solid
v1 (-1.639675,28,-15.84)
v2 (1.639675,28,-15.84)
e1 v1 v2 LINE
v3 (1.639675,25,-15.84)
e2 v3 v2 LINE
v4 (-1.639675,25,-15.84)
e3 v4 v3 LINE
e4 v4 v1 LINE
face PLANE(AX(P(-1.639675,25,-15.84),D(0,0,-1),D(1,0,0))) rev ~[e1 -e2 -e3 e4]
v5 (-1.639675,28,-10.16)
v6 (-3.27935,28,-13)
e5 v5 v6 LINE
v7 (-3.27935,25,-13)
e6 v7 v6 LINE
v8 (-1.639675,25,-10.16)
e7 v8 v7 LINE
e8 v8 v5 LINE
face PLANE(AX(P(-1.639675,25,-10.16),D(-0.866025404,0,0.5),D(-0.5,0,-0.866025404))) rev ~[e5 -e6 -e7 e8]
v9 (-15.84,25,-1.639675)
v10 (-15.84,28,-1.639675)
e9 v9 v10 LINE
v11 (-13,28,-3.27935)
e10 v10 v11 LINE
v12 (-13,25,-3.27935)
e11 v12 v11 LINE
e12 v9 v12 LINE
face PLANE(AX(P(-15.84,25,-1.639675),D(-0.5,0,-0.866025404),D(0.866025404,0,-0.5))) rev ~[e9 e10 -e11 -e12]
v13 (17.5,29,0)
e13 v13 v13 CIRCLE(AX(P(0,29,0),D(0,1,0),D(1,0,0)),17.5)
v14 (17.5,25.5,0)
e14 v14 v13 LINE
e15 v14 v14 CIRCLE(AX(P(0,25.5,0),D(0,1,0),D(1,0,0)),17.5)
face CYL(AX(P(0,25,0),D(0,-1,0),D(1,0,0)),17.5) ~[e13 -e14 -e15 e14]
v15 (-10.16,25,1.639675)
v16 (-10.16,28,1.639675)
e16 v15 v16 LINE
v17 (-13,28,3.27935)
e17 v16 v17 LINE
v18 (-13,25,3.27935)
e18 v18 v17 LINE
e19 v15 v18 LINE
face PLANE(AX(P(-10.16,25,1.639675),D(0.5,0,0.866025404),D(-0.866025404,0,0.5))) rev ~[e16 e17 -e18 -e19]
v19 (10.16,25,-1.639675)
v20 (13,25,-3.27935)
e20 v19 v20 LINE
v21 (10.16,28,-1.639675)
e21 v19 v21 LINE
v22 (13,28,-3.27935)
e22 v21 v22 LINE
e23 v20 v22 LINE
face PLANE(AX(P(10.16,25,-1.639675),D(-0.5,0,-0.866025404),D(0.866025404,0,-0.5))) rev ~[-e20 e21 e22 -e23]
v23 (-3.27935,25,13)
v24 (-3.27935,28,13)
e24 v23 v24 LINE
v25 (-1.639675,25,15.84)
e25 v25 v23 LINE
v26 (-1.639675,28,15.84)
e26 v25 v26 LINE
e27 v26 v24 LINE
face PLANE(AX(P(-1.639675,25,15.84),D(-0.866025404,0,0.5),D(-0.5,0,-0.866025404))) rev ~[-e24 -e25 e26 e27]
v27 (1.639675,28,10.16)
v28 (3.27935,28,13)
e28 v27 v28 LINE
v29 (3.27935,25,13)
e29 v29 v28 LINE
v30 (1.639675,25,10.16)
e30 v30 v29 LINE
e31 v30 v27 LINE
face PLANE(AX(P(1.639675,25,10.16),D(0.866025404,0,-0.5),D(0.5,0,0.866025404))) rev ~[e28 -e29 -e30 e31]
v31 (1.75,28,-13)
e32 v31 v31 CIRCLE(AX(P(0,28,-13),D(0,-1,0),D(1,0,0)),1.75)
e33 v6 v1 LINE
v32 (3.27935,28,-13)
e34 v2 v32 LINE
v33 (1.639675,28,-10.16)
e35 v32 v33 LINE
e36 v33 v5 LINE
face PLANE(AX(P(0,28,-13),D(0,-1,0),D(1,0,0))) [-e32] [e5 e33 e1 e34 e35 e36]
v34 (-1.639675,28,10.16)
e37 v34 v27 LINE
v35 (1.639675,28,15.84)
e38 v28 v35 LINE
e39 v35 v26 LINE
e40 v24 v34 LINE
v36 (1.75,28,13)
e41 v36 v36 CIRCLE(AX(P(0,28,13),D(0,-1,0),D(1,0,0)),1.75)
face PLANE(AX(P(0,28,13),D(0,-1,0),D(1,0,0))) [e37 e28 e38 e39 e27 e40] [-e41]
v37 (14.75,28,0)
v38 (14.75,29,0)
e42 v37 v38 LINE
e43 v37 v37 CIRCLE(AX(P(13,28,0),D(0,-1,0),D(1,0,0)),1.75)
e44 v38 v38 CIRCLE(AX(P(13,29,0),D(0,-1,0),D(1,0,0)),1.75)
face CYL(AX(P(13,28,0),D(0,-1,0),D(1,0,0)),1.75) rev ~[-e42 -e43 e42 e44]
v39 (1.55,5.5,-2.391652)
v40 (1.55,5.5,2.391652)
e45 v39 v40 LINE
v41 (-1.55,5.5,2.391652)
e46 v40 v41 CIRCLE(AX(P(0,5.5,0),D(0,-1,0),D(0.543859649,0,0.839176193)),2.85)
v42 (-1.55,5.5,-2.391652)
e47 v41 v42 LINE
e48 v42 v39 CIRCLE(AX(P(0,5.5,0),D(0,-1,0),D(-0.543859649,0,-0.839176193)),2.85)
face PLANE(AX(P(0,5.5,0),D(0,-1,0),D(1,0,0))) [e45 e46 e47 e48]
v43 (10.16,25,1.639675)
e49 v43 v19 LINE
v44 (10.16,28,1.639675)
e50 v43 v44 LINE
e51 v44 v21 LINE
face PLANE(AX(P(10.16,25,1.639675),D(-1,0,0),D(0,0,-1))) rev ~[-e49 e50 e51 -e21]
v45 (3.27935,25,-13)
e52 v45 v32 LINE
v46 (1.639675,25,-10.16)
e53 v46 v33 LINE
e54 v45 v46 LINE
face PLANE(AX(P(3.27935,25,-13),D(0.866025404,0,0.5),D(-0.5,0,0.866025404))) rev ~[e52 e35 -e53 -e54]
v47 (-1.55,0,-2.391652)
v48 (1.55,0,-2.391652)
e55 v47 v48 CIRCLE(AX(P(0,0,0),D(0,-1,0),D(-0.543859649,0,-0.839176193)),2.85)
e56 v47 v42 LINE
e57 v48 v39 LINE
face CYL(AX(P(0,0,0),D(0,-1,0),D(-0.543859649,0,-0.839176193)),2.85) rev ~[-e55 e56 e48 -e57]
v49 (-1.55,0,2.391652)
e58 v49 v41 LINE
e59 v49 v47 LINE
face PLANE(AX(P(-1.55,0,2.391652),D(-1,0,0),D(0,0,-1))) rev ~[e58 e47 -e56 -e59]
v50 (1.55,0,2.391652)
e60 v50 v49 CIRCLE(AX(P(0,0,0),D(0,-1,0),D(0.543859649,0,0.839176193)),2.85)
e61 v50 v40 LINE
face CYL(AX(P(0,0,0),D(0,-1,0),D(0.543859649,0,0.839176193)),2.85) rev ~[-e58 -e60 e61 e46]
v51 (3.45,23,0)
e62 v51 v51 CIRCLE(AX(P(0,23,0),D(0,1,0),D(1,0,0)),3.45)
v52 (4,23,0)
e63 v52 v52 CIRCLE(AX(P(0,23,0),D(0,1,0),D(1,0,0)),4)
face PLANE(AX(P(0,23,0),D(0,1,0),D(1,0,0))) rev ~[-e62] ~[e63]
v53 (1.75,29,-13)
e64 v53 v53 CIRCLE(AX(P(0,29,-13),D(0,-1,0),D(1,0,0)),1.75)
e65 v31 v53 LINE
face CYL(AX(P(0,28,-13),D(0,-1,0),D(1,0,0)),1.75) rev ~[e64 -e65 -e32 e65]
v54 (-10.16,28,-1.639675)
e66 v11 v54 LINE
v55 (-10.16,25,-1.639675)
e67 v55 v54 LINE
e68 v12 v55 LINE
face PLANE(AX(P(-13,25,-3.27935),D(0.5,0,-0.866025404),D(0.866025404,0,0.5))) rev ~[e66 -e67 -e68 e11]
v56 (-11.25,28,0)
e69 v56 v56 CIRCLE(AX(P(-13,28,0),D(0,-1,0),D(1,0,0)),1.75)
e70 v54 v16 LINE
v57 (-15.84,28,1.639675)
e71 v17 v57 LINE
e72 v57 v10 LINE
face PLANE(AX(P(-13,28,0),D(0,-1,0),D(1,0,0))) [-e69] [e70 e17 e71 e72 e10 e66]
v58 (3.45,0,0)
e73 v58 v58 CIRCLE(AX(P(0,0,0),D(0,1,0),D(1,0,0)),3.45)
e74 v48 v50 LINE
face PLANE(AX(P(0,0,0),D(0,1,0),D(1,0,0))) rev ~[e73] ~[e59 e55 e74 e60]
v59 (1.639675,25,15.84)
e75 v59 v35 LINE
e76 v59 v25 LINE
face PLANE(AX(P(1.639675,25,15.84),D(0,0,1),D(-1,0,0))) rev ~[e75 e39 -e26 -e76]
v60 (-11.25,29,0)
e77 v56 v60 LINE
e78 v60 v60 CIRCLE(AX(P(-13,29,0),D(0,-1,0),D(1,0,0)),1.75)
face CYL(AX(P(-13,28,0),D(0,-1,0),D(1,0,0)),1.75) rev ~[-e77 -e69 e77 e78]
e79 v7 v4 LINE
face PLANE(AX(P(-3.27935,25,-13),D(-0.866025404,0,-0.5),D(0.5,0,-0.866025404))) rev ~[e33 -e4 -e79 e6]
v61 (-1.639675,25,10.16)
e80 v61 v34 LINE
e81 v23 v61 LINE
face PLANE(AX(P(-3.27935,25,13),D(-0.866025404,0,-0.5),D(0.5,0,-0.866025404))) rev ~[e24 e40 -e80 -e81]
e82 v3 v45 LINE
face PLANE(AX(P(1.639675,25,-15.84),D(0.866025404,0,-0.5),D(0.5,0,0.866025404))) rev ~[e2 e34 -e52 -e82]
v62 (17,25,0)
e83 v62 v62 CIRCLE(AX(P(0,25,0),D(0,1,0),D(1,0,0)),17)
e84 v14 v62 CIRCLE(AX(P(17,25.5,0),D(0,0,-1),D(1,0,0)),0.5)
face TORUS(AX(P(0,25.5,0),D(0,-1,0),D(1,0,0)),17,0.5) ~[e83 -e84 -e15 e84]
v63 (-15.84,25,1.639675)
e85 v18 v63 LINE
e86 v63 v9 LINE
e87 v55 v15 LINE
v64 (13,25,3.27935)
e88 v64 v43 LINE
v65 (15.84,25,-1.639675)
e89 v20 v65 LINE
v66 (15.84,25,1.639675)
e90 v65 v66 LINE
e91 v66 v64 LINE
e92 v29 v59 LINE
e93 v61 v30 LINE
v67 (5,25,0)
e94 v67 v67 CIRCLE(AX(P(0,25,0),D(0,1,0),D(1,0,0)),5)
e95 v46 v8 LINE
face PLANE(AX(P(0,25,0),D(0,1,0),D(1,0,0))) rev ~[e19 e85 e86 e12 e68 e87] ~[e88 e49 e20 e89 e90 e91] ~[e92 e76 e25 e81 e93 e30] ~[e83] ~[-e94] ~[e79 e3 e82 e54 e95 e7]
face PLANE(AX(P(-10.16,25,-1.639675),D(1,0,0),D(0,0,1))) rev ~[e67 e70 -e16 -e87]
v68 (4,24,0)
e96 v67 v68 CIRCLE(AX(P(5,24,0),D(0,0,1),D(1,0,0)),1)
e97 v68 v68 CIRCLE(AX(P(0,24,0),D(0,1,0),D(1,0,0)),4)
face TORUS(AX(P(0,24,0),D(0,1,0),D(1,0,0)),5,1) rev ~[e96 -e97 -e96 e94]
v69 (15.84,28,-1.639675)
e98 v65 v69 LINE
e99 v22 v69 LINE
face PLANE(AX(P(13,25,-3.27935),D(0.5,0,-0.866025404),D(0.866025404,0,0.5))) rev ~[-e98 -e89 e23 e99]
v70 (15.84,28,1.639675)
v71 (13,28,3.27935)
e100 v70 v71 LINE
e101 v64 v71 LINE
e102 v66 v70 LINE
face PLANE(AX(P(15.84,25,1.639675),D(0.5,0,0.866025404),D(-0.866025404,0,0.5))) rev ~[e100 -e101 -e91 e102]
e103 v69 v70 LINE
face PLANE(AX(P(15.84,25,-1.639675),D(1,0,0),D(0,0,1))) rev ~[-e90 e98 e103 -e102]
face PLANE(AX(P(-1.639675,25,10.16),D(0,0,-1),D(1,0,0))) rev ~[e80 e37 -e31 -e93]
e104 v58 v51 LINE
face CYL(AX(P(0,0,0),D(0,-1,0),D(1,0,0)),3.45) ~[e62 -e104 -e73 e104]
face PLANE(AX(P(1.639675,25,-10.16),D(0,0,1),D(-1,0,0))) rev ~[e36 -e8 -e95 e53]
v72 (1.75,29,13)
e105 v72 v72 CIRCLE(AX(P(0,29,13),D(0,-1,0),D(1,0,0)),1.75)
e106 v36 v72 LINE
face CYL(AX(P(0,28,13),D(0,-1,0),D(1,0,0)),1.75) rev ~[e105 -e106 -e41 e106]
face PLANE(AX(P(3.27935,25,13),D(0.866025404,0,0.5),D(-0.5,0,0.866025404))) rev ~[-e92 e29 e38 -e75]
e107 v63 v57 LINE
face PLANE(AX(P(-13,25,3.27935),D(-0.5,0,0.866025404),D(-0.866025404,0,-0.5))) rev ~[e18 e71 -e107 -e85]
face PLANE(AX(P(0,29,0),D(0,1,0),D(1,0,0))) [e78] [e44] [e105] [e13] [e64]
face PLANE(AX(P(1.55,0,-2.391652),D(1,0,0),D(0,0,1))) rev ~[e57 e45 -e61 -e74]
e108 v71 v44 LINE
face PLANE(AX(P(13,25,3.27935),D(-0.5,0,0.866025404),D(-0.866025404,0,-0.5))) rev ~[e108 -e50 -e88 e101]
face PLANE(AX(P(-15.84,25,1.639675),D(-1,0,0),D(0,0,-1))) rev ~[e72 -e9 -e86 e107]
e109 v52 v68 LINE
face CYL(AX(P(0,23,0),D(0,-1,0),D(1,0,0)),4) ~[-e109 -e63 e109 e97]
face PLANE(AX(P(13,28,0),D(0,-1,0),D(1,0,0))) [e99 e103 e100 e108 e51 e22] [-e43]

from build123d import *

# Parameters (mm, degrees)
SKETCH_1_R          = 3.45
EXTRUDE_1_DEPTH     = 23
CUT_EXTRUDE_1_DEPTH = 5.5
SKETCH_3_R          = 4
EXTRUDE_2_DEPTH     = 2
SKETCH_4_R          = 17.5
EXTRUDE_3_DEPTH     = 4
CUT_EXTRUDE_2_DEPTH = 3
SKETCH_6_R          = 1.75
CUT_EXTRUDE_3_DEPTH = 2
FILLET_1_R          = 0.5
FILLET_2_R          = 1


with BuildPart() as part:
    # Эскиз1 → Бобышка-Вытянуть1 (new body)
    with BuildSketch(Plane(origin=(0, 0, 0), x_dir=(1, 0, 0), z_dir=(0, 1, 0))):
        Circle(SKETCH_1_R)
    extrude(amount=EXTRUDE_1_DEPTH)

    # Эскиз2 → Вырез-Вытянуть1 (cut)
    with BuildSketch(Plane.XZ):
        with BuildLine():
            Line((-1.55, 2.391652149), (-1.55, -2.391652149))
            ThreePointArc((-1.55, -2.391652149), (0, -2.85), (1.55, -2.391652149))
            Line((1.55, -2.391652149), (1.55, 2.391652149))
            ThreePointArc((1.55, 2.391652149), (0, 2.85), (-1.55, 2.391652149))
        make_face()
    extrude(amount=-CUT_EXTRUDE_1_DEPTH, mode=Mode.SUBTRACT)

    # Эскиз3 → Бобышка-Вытянуть2 (add)
    with BuildSketch(Plane(origin=(0, 23, 0), x_dir=(1, 0, 0), z_dir=(0, 1, 0))):
        Circle(SKETCH_3_R)
    extrude(amount=EXTRUDE_2_DEPTH)

    # Эскиз4 → Бобышка-Вытянуть3 (add)
    with BuildSketch(Plane(origin=(0, 25, 0), x_dir=(1, 0, 0), z_dir=(0, 1, 0))):
        Circle(SKETCH_4_R)
    extrude(amount=EXTRUDE_3_DEPTH)

    # Эскиз5 → Вырез-Вытянуть2 (cut)
    with BuildSketch(Plane.XZ.offset(-25)):
        Polygon((13, -3.279349529), (15.84, -1.639674764), (15.84, 1.639674764), (13, 3.279349529), (10.16, 1.639674764), (10.16, -1.639674764), align=None)
        Polygon((3.279349529, 13), (1.639674764, 15.84), (-1.639674764, 15.84), (-3.279349529, 13), (-1.639674764, 10.16), (1.639674764, 10.16), align=None)
        Polygon((-3.279349529, -13), (-1.639674764, -15.84), (1.639674764, -15.84), (3.279349529, -13), (1.639674764, -10.16), (-1.639674764, -10.16), align=None)
        Polygon((-13, 3.279349529), (-15.84, 1.639674764), (-15.84, -1.639674764), (-13, -3.279349529), (-10.16, -1.639674764), (-10.16, 1.639674764), align=None)
    extrude(amount=-CUT_EXTRUDE_2_DEPTH, mode=Mode.SUBTRACT)

    # Эскиз6 → Вырез-Вытянуть3 (cut, through all)
    with BuildSketch(Plane.XZ.offset(-28)):
        with Locations((0, 13)):
            Circle(SKETCH_6_R)
        with Locations((13, 0)):
            Circle(SKETCH_6_R)
        with Locations((0, -13)):
            Circle(SKETCH_6_R)
        with Locations((-13, 0)):
            Circle(SKETCH_6_R)
    extrude(amount=-CUT_EXTRUDE_3_DEPTH, mode=Mode.SUBTRACT)

    # Скругление1
    fillet_1_edges = [part.edges().sort_by_distance(p)[0] for p in [
        (-17.5, 25, 0),
    ]]
    fillet(fillet_1_edges, radius=FILLET_1_R)

    # Скругление2
    fillet_2_edges = [part.edges().sort_by_distance(p)[0] for p in [
        (-4, 25, 0),
    ]]
    fillet(fillet_2_edges, radius=FILLET_2_R)


solid = part.part
